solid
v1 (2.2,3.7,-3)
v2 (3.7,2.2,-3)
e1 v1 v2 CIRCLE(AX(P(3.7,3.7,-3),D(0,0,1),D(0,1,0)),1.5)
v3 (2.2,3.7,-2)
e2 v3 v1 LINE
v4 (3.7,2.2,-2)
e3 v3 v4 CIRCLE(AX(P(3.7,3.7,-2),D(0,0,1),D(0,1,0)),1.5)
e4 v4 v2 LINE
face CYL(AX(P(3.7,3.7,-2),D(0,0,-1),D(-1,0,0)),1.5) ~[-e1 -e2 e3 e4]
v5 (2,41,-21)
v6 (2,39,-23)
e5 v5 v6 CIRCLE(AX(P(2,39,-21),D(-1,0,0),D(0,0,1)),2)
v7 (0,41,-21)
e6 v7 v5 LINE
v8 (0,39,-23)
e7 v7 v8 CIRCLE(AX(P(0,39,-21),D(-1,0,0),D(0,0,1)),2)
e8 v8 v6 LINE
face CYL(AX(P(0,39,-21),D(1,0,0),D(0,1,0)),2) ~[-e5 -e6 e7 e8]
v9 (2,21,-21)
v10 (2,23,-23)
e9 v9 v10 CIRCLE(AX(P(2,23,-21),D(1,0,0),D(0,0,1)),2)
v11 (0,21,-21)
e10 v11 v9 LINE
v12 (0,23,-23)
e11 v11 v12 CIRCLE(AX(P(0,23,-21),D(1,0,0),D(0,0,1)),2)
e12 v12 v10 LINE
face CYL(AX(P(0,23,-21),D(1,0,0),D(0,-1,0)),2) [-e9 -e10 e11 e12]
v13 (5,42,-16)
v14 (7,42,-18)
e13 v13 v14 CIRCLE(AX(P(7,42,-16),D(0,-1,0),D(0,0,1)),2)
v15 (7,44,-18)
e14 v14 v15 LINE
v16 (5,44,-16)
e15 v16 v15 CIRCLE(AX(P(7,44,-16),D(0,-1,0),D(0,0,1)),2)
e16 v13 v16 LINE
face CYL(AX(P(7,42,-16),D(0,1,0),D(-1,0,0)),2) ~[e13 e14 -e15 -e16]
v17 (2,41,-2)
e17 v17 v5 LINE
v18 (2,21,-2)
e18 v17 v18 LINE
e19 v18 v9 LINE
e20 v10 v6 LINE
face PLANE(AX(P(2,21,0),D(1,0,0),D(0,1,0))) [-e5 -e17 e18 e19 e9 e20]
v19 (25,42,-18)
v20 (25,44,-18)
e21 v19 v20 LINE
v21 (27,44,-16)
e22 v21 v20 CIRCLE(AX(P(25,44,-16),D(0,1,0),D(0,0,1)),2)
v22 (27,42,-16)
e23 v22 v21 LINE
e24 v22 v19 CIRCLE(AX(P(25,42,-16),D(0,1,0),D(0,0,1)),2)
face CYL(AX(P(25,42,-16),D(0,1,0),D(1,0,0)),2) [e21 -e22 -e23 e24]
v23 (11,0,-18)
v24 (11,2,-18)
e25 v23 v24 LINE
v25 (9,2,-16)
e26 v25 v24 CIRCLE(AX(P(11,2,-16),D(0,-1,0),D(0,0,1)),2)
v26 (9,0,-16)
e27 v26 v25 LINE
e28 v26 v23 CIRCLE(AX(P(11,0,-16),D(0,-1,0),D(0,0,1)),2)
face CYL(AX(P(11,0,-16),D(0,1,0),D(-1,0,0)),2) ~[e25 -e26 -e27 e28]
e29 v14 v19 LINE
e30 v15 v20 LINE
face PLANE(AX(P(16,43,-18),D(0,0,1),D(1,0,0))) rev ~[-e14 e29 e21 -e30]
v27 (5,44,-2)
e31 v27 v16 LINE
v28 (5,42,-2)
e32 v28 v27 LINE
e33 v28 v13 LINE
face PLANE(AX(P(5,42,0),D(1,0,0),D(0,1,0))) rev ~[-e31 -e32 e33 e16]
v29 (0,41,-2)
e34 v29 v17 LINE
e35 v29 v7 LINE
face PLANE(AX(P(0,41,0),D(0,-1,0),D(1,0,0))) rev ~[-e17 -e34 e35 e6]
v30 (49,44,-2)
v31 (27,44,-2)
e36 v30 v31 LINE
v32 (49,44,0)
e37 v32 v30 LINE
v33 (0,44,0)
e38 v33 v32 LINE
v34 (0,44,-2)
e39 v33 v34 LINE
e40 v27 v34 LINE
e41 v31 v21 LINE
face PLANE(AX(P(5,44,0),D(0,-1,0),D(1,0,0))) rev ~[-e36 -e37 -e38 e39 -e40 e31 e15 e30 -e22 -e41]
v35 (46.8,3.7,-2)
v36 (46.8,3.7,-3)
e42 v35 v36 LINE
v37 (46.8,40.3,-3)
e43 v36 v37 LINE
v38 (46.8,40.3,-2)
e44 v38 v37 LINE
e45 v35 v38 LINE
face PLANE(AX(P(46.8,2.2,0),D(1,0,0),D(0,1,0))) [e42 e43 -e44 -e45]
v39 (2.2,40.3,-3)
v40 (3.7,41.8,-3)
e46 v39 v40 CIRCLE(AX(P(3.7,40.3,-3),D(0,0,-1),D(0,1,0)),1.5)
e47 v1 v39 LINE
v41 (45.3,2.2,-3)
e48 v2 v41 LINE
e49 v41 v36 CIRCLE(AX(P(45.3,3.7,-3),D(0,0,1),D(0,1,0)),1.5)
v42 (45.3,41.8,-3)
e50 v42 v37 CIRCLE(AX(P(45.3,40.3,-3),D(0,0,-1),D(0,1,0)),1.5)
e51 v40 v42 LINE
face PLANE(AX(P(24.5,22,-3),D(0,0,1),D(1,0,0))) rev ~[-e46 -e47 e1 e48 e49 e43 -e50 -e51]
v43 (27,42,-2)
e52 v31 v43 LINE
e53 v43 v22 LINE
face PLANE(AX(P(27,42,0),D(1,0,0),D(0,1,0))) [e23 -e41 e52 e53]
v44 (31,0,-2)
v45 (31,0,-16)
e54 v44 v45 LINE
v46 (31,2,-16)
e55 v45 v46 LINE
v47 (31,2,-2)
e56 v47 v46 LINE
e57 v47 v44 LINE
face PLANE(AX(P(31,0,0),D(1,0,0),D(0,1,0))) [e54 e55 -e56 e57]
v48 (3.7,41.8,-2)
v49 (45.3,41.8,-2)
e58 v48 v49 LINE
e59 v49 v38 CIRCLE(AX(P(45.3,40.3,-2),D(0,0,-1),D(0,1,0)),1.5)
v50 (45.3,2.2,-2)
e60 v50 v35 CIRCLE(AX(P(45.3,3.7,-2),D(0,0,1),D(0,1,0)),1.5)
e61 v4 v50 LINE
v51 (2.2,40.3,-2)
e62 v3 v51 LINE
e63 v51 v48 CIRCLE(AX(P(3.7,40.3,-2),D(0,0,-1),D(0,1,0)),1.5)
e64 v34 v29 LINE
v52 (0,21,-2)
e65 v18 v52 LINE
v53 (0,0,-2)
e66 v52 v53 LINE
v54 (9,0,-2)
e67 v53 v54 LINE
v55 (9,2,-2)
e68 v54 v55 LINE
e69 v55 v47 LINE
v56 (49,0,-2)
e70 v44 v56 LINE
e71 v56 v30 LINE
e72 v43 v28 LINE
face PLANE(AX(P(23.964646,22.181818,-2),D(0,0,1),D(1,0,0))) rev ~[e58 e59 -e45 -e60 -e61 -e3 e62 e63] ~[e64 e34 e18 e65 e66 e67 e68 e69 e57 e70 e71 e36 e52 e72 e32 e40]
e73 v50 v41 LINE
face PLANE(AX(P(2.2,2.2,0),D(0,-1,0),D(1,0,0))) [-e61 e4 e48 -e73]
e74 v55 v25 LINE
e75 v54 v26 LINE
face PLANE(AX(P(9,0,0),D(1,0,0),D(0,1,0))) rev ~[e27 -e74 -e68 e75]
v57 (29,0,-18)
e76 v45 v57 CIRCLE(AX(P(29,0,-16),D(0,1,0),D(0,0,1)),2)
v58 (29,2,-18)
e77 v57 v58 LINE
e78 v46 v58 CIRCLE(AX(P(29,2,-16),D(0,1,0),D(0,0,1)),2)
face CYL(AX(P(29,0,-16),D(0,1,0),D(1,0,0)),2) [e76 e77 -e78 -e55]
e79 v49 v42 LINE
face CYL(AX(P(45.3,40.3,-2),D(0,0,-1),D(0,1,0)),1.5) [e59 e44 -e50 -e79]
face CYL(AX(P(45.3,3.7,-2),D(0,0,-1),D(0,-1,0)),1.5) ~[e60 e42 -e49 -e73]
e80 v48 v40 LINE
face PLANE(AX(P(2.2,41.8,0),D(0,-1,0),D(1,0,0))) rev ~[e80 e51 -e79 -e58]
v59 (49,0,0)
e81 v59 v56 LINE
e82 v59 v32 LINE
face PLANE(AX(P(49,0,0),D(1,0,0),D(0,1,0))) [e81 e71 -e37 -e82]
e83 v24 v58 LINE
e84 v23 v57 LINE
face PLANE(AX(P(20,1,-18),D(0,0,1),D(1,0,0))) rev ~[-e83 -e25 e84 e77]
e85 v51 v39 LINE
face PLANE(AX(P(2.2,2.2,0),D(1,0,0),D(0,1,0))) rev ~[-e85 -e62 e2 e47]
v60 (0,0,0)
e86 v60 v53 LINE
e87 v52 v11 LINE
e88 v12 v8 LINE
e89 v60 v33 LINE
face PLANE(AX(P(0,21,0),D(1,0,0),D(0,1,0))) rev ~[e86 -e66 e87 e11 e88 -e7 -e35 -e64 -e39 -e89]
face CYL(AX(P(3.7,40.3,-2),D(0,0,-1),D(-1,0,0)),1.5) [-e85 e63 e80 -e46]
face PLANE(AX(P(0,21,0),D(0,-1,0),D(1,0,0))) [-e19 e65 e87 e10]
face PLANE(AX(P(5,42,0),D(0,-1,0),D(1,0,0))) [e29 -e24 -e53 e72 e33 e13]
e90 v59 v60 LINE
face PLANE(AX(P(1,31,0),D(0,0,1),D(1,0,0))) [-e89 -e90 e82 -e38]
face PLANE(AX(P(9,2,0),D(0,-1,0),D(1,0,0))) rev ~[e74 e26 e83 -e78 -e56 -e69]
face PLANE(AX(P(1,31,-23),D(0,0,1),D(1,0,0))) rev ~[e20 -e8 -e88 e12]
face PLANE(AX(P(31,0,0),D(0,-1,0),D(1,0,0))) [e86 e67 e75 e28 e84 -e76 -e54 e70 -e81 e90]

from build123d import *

# Parameters (mm, degrees)
F0_W     = 44.6
F0_H     = 39.6
F1_DEPTH = 2
F0_W_2   = 22
F0_H_2   = 2
F2_DEPTH = 18
F0_W_3   = 2
F0_H_3   = 20
F3_DEPTH = 23
F4_DEPTH = 3
F5_R     = 1.5
F6_R     = 2


with BuildPart() as f1:
    # F0 (on Top) → F1 (new body)
    with BuildSketch(Plane.XY):
        Polygon((31, 0), (49, 0), (49, 44), (27, 44), (27, 42), (5, 42), (5, 44), (0, 44), (0, 41.8), (0, 41), (2, 41), (2, 21), (0, 21), (0, 0), (9, 0), (9, 2), (31, 2), align=None)
        with Locations((24.5, 22)):
            Rectangle(F0_W, F0_H, mode=Mode.SUBTRACT)
    extrude(amount=-F1_DEPTH)

    # F0 (on Top) → F2 (join)
    with BuildSketch(Plane.XY):
        with Locations((16, 43)):
            Rectangle(F0_W_2, F0_H_2)
        with Locations((20, 1)):
            Rectangle(F0_W_2, F0_H_2)
    extrude(amount=-F2_DEPTH)

    # F0 (on Top) → F3 (join)
    with BuildSketch(Plane.XY):
        with Locations((1, 31)):
            Rectangle(F0_W_3, F0_H_3)
    extrude(amount=-F3_DEPTH)

    # F0 (on Top) → F4 (join)
    with BuildSketch(Plane.XY):
        with Locations((24.5, 22)):
            Rectangle(F0_W, F0_H)
    extrude(amount=-F4_DEPTH)

    # F5
    f5_edges = [f1.edges().sort_by_distance(p)[0] for p in [
        (2.2, 2.2, -2.5),
        (2.2, 41.8, -2.5),
        (46.8, 2.2, -2.5),
        (46.8, 41.8, -2.5),
    ]]
    fillet(f5_edges, radius=F5_R)

    # F6
    f6_edges = [f1.edges().sort_by_distance(p)[0] for p in [
        (5, 43, -18),
        (27, 43, -18),
        (1, 41, -23),
        (1, 21, -23),
        (31, 1, -18),
        (9, 1, -18),
    ]]
    fillet(f6_edges, radius=F6_R)


solid = f1.part
